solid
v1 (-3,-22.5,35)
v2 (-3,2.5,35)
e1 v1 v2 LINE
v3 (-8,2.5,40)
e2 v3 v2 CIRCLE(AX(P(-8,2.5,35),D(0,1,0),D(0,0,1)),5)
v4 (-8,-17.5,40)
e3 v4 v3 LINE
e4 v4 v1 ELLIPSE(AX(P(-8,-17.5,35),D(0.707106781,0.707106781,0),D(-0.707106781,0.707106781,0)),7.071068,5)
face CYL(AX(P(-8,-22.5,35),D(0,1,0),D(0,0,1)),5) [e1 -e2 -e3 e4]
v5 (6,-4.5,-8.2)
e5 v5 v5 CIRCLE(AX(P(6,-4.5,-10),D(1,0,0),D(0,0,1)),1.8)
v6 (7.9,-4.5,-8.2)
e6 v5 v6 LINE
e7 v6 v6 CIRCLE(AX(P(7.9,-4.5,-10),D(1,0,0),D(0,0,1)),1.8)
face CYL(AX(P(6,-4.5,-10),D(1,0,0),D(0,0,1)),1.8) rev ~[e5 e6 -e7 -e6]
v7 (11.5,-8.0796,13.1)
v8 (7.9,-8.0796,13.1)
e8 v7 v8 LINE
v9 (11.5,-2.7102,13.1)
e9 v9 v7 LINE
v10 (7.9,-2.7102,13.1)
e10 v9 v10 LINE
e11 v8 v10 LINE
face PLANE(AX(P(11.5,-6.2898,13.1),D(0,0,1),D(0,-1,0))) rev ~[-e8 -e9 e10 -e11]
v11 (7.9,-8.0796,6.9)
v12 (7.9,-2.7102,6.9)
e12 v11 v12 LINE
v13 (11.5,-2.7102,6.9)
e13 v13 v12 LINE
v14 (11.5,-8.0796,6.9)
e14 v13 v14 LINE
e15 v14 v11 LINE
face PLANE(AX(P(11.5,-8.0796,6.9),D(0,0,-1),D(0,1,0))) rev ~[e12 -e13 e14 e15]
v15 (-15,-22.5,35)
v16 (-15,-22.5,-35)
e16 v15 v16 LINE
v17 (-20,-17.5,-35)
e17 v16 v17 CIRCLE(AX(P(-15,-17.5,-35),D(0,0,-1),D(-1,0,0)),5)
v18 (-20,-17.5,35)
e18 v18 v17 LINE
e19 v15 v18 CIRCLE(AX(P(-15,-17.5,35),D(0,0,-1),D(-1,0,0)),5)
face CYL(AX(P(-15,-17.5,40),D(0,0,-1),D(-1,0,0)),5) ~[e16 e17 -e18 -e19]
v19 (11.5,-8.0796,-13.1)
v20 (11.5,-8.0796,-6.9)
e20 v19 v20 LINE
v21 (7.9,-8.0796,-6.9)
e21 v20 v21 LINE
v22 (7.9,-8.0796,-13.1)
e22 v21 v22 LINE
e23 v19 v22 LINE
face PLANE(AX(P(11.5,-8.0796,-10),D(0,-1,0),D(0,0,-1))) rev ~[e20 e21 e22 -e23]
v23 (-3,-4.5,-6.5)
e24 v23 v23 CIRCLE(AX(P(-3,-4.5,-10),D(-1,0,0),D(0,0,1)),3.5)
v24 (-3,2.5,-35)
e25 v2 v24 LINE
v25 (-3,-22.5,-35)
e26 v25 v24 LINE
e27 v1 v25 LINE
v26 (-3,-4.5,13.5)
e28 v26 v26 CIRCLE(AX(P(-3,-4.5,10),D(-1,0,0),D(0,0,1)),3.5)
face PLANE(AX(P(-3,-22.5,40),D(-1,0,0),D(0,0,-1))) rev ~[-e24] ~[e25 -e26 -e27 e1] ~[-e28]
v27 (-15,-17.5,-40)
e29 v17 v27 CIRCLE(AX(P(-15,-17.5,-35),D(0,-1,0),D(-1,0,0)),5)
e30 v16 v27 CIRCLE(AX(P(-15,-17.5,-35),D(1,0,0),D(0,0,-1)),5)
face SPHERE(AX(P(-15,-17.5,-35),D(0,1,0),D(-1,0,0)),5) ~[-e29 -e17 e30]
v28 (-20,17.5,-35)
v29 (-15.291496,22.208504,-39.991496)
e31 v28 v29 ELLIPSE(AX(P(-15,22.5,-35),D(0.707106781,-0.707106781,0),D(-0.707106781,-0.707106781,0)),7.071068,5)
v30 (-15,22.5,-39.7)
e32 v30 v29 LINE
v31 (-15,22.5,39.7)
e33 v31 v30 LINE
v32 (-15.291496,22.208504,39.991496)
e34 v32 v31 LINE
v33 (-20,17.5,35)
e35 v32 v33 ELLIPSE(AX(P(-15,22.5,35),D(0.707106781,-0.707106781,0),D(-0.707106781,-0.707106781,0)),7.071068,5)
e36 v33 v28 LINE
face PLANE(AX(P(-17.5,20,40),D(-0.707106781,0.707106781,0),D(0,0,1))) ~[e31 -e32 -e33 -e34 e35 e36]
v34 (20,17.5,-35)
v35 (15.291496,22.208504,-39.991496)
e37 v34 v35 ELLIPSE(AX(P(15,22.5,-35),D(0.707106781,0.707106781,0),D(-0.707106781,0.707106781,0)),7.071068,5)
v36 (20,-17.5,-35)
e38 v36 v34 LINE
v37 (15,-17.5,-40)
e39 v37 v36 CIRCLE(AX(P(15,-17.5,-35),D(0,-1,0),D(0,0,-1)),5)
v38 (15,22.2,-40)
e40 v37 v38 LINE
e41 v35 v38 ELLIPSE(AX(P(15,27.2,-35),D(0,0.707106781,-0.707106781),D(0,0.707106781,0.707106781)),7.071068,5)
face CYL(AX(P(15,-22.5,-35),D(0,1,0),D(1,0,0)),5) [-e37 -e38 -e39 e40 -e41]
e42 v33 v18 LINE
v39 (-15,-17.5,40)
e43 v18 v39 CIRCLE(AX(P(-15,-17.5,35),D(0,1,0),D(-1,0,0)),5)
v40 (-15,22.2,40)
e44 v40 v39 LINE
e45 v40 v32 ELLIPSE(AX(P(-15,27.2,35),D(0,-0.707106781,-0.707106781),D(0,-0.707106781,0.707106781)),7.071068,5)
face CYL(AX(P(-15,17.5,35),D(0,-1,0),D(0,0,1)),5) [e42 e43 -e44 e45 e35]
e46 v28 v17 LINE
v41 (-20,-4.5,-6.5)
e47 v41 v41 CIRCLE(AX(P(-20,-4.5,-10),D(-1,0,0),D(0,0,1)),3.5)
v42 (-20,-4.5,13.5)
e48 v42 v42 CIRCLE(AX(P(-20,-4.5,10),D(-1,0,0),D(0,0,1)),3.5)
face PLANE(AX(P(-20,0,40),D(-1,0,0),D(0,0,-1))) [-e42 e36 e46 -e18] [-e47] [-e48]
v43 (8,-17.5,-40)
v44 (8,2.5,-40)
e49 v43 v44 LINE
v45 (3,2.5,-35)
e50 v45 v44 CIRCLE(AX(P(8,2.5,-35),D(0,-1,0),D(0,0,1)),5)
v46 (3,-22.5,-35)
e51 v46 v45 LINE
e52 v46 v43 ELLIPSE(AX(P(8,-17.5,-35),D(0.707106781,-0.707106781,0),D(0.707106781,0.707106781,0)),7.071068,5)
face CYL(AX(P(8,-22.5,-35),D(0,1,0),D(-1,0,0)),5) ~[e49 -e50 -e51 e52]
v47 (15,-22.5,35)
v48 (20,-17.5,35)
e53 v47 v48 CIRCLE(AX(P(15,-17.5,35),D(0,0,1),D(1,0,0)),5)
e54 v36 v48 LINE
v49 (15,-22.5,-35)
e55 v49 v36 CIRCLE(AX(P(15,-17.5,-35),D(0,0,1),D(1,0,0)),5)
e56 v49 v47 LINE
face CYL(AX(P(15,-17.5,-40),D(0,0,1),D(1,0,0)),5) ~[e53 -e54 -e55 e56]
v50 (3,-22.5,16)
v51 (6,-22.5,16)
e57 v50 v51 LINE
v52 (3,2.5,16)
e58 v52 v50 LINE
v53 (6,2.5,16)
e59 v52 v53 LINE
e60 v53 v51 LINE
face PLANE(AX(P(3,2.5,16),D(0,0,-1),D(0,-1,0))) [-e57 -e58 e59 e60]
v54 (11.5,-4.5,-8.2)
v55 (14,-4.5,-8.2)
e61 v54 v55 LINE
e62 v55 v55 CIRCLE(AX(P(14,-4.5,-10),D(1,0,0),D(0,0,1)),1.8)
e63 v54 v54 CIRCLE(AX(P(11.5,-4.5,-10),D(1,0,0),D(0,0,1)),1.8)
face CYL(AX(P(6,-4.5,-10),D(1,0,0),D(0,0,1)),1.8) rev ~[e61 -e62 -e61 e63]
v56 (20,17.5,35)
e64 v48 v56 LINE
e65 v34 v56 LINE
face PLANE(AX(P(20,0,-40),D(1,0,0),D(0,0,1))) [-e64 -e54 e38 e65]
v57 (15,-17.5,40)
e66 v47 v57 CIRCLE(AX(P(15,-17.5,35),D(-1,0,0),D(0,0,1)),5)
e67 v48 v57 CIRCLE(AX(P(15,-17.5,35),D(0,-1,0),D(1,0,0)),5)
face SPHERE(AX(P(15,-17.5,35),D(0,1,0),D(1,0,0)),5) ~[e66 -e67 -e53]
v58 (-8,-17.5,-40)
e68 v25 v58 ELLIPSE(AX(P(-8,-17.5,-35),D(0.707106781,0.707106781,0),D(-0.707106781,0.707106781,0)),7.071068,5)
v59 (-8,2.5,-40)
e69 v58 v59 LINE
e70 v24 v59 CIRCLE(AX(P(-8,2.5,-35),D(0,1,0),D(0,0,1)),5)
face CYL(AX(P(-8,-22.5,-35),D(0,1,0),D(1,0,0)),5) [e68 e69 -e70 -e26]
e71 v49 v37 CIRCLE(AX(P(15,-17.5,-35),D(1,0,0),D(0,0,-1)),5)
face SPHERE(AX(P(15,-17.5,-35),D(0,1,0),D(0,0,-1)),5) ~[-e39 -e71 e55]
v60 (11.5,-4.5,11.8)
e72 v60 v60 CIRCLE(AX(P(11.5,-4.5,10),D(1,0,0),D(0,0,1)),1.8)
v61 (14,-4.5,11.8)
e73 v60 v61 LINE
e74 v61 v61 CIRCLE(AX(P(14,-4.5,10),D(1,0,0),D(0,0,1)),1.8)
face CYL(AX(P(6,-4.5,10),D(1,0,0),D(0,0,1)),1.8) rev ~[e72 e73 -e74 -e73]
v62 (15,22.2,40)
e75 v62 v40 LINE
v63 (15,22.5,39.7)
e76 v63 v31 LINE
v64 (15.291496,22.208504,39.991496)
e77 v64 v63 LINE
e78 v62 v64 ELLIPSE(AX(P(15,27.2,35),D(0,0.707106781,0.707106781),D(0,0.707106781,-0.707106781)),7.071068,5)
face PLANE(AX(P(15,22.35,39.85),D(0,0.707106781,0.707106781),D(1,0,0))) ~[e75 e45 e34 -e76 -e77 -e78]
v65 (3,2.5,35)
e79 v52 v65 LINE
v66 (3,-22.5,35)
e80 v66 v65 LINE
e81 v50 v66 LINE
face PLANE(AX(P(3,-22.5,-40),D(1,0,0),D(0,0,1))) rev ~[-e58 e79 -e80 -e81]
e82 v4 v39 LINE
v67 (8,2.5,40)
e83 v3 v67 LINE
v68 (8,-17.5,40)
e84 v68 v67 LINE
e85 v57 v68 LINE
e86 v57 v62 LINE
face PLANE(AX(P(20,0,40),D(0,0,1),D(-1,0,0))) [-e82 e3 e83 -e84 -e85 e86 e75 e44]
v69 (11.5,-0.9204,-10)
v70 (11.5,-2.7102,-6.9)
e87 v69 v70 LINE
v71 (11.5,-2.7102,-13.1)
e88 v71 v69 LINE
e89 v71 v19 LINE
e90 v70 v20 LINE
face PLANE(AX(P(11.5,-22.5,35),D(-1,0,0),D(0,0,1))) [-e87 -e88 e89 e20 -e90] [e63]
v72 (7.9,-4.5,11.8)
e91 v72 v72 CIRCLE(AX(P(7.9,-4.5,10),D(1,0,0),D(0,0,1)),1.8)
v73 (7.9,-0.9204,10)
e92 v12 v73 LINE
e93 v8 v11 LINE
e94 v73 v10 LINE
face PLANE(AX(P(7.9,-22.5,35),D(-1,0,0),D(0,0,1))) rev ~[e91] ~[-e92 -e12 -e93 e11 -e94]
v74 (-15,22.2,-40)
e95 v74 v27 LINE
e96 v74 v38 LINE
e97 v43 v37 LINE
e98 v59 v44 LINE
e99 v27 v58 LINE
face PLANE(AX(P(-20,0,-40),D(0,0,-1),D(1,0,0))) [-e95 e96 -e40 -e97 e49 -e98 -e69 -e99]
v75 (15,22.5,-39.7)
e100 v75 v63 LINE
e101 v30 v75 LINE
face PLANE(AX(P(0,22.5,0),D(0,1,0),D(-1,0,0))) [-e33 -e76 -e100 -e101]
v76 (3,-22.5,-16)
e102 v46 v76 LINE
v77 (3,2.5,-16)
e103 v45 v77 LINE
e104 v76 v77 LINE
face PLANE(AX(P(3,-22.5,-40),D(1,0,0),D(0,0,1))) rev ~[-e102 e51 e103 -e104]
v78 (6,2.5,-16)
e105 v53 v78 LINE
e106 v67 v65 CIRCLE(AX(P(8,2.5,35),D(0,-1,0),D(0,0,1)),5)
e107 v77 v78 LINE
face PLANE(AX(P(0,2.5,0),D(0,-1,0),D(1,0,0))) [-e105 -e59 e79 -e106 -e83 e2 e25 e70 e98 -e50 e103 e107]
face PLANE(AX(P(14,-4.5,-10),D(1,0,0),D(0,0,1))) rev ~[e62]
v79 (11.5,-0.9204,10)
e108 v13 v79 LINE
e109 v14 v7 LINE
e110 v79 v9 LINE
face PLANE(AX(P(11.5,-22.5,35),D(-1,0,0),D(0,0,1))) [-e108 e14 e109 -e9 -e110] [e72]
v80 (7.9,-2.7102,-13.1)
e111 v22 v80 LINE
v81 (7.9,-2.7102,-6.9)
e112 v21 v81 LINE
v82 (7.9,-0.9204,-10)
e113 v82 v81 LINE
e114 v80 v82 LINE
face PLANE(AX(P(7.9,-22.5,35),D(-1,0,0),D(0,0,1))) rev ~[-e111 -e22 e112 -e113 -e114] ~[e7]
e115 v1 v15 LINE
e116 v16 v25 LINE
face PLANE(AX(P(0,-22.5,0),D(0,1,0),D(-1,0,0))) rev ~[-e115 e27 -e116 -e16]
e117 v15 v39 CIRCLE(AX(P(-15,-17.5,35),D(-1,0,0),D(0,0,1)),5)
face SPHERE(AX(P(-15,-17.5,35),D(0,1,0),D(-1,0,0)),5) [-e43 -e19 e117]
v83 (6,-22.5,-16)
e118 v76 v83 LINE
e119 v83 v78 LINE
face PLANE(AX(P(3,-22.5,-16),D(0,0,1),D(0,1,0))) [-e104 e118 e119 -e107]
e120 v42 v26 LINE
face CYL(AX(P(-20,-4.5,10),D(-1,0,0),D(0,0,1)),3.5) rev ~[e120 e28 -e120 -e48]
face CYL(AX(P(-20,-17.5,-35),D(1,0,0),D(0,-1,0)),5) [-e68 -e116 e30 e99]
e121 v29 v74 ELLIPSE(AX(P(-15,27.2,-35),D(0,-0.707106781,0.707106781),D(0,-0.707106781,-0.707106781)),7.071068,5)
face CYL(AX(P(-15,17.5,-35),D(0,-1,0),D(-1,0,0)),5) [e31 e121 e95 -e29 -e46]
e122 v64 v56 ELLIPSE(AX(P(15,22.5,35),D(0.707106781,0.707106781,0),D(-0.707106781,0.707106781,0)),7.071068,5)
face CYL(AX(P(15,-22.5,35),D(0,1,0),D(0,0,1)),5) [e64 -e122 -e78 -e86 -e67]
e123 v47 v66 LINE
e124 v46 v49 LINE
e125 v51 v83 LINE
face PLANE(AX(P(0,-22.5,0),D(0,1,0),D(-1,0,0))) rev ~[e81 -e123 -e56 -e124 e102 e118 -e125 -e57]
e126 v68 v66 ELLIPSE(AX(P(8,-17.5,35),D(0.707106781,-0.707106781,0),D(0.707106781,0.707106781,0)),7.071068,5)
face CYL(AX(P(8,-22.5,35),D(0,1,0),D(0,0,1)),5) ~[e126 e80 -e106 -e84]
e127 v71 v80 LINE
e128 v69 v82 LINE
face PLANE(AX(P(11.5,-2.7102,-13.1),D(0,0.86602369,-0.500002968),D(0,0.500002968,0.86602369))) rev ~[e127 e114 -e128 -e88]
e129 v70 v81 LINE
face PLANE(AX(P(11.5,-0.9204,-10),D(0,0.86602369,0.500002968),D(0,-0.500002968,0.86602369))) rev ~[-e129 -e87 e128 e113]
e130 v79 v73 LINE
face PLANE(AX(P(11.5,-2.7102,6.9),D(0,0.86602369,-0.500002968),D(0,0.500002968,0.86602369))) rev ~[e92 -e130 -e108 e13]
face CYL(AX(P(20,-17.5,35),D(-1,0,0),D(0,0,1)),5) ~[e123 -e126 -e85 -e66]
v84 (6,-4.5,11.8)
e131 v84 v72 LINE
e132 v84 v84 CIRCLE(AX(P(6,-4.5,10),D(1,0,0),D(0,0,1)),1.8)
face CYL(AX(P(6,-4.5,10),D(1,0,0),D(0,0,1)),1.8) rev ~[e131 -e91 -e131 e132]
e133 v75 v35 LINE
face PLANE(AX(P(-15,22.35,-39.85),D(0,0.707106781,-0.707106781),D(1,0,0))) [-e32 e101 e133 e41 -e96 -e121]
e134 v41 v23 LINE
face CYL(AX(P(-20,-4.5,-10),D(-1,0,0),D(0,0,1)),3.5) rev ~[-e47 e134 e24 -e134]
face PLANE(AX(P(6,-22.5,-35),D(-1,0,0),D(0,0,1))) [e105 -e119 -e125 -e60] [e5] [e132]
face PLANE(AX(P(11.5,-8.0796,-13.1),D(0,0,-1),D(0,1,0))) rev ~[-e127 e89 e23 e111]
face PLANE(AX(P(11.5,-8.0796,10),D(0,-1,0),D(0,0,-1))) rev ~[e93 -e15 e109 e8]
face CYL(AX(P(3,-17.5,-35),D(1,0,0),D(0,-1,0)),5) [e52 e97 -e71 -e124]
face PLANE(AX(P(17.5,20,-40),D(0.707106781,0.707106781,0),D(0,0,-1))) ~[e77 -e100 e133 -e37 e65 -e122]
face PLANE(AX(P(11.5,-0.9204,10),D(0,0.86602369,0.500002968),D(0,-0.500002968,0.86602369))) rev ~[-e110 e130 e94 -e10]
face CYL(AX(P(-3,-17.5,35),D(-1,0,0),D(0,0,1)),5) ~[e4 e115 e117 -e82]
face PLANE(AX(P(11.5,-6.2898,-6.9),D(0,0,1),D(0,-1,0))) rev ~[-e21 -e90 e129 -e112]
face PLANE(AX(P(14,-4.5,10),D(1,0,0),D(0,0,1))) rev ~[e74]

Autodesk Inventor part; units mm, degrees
ref_plane "YZ Plane" through (0, 0, 0) normal (1, 0, 0) x (0, 1, 0)
ref_plane "XZ Plane" through (0, 0, 0) normal (0, 1, 0) x (-1, 0, 0)
sketch "Sketch1" plane through (0, 0, 0) normal (0, 1, 0) x (-1, 0, 0)
  line L0 (-20, 40) -> (20, 40)
  line L1 (20, 40) -> (20, -40)
  line L2 (20, -40) -> (-20, -40)
  line L3 (-20, -40) -> (-20, 40)
  line L4 (-20, 40) -> (20, -40) construction
  line L5 (20, 40) -> (-20, -40) construction
  point P0 (0, 0)
  dimension "d0" = 40
  dimension "d1" = 80
extrude "Extrusion1" add sketch "Sketch1" along normal mid plane 45
sketch "Sketch2" plane through (0, -22.5, 0) normal (0, -1, 0) x (1, 0, 0)
  line L0 (20, -40) -> (-20, -40) projected
  line L1 (3, 40) -> (-3, 40)
  line L2 (-3, 40) -> (-3, -40)
  line L3 (-3, -40) -> (3, -40)
  line L4 (3, -40) -> (3, 40)
  line L5 (3, 40) -> (-3, -40) construction
  line L6 (-3, 40) -> (3, -40) construction
  point P0 (0, 0)
  dimension "d4" = 6
extrude "Extrusion2" cut sketch "Sketch2" against normal blind 25
chamfer "Chamfer1" distance 5 angle 45 2 edges at (20, 22.5, 0) (-20, 22.5, 0)
chamfer "Chamfer2" distance 0.3 angle 45 2 edges at (0, 22.5, 40) (0, 22.5, -40)
fillet "Fillet1" radius 5 14 edges at (20, -2.5, 40) (-20, -2.5, 40) (20, -2.5, -40) (-20, -2.5, -40) (3, -10, -40) (-3, -10, -40) (-3, -10, 40) (3, -10, 40) (-20, -22.5, 0) (-11.5, -22.5, 40) (-11.5, -22.5, -40) (11.5, -22.5, -40) (20, -22.5, 0) (11.5, -22.5, 40)
sketch "Sketch5" plane through (3, -22.5, -35) normal (-1, 0, 0) x (0, 0, 1)
  line L0 (70, 0) -> (0, 0) projected
  line L1 (35, 0) -> (19, 0)
  line L2 (70, 25) -> (0, 25) projected
  line L3 (19, 0) -> (19, 25)
  line L4 (19, 25) -> (51, 25)
  line L5 (51, 25) -> (51, 0)
  line L6 (51, 0) -> (19, 0)
  point P0 (51, 0)
  dimension "d31" = 16
  dimension "d32" = 32
extrude "Extrusion4" cut sketch "Sketch5" against normal blind 3
sketch "Sketch6" plane through (6, -22.5, -35) normal (-1, 0, 0) x (0, 0, 1)
  line L0 (19, 25) -> (51, 25) projected
  line L1 (19, 0) -> (19, 25) projected
  line L2 (51, 0) -> (19, 0) projected
  line L3 (51, 25) -> (51, 0) projected
  line L4 (19, 25) -> (51, 25) projected
  line L5 (35, 25) -> (35, 18)
  line L6 (35, 18) -> (25, 18)
  point P0 (35, 22.5)
  point P1 (45, 18)
  dimension "d35" = 7
  dimension "d36" = 10
hole "Hole2" at (6, -4.5, -10) at (6, -4.5, 10) direction (1, 0, 0) diameter 3.6 depth 8 clearance for "Countersunk Flat Head Screw ISO 2009/7046" size "M3" standard "ISO"
ref_plane "Work Plane1" through (11.5, -22.5, 35) normal (-1, 0, 0) x (0, 0, 1)
sketch "Sketch7" plane through (11.5, -22.5, 35) normal (-1, 0, 0) x (0, 0, 1)
  line L0 (-25, 14.4204) -> (-28.1, 16.2102)
  line L1 (-28.1, 16.2102) -> (-28.1, 19.7898)
  line L2 (-28.1, 19.7898) -> (-25, 21.5796)
  line L3 (-25, 21.5796) -> (-21.9, 19.7898)
  line L4 (-21.9, 19.7898) -> (-21.9, 16.2102)
  line L5 (-21.9, 16.2102) -> (-25, 14.4204)
  line L6 (-45, 14.4204) -> (-48.1, 16.2102)
  line L7 (-48.1, 16.2102) -> (-48.1, 19.7898)
  line L8 (-48.1, 19.7898) -> (-45, 21.5796)
  line L9 (-45, 21.5796) -> (-41.9, 19.7898)
  line L10 (-41.9, 19.7898) -> (-41.9, 16.2102)
  line L11 (-41.9, 16.2102) -> (-45, 14.4204)
  line L12 (-21.9, 16.2102) -> (-21.9, 14.4204)
  line L13 (-21.9, 14.4204) -> (-28.1, 14.4204)
  line L14 (-28.1, 14.4204) -> (-28.1, 16.2102)
  line L15 (-41.9, 16.2102) -> (-41.9, 14.4204)
  line L16 (-41.9, 14.4204) -> (-48.1, 14.4204)
  line L17 (-48.1, 14.4204) -> (-48.1, 16.2102)
  point P0 (-35, 22.5)
  point P1 (-25, 18)
  point P2 (-45, 18)
  point P3 (-25, 18)
  point P4 (-45, 18)
  dimension "d52" = 6.2
  dimension "d53" = 6.2
extrude "Extrusion5" cut sketch "Sketch7" along normal blind 3.6
sketch "Sketch8" plane through (-20, -17.5, -35) normal (-1, 0, 0) x (0, 0, 1)
  circle A0 centre (25, 13) radius 1.8 projected
  circle A1 centre (45, 13) radius 1.8 projected
  line L0 (19, 20) -> (51, 20) projected
  line L1 (19, -5) -> (19, 20) projected
  line L2 (51, -5) -> (19, -5) projected
  line L3 (51, 20) -> (51, -5) projected
  circle A2 centre (25, 13) radius 3.5
  circle A3 centre (45, 13) radius 3.5
  point P0 (35, 17.5)
  dimension "d48" = 7
  dimension "d49" = 7
extrude "Extrusion6" cut sketch "Sketch8" against normal up to surface (23 mm away) contours A0 | A1 | A2 | A3
properties part number "SP45V1 Plastico Roldana" material "ABS Plastic"
